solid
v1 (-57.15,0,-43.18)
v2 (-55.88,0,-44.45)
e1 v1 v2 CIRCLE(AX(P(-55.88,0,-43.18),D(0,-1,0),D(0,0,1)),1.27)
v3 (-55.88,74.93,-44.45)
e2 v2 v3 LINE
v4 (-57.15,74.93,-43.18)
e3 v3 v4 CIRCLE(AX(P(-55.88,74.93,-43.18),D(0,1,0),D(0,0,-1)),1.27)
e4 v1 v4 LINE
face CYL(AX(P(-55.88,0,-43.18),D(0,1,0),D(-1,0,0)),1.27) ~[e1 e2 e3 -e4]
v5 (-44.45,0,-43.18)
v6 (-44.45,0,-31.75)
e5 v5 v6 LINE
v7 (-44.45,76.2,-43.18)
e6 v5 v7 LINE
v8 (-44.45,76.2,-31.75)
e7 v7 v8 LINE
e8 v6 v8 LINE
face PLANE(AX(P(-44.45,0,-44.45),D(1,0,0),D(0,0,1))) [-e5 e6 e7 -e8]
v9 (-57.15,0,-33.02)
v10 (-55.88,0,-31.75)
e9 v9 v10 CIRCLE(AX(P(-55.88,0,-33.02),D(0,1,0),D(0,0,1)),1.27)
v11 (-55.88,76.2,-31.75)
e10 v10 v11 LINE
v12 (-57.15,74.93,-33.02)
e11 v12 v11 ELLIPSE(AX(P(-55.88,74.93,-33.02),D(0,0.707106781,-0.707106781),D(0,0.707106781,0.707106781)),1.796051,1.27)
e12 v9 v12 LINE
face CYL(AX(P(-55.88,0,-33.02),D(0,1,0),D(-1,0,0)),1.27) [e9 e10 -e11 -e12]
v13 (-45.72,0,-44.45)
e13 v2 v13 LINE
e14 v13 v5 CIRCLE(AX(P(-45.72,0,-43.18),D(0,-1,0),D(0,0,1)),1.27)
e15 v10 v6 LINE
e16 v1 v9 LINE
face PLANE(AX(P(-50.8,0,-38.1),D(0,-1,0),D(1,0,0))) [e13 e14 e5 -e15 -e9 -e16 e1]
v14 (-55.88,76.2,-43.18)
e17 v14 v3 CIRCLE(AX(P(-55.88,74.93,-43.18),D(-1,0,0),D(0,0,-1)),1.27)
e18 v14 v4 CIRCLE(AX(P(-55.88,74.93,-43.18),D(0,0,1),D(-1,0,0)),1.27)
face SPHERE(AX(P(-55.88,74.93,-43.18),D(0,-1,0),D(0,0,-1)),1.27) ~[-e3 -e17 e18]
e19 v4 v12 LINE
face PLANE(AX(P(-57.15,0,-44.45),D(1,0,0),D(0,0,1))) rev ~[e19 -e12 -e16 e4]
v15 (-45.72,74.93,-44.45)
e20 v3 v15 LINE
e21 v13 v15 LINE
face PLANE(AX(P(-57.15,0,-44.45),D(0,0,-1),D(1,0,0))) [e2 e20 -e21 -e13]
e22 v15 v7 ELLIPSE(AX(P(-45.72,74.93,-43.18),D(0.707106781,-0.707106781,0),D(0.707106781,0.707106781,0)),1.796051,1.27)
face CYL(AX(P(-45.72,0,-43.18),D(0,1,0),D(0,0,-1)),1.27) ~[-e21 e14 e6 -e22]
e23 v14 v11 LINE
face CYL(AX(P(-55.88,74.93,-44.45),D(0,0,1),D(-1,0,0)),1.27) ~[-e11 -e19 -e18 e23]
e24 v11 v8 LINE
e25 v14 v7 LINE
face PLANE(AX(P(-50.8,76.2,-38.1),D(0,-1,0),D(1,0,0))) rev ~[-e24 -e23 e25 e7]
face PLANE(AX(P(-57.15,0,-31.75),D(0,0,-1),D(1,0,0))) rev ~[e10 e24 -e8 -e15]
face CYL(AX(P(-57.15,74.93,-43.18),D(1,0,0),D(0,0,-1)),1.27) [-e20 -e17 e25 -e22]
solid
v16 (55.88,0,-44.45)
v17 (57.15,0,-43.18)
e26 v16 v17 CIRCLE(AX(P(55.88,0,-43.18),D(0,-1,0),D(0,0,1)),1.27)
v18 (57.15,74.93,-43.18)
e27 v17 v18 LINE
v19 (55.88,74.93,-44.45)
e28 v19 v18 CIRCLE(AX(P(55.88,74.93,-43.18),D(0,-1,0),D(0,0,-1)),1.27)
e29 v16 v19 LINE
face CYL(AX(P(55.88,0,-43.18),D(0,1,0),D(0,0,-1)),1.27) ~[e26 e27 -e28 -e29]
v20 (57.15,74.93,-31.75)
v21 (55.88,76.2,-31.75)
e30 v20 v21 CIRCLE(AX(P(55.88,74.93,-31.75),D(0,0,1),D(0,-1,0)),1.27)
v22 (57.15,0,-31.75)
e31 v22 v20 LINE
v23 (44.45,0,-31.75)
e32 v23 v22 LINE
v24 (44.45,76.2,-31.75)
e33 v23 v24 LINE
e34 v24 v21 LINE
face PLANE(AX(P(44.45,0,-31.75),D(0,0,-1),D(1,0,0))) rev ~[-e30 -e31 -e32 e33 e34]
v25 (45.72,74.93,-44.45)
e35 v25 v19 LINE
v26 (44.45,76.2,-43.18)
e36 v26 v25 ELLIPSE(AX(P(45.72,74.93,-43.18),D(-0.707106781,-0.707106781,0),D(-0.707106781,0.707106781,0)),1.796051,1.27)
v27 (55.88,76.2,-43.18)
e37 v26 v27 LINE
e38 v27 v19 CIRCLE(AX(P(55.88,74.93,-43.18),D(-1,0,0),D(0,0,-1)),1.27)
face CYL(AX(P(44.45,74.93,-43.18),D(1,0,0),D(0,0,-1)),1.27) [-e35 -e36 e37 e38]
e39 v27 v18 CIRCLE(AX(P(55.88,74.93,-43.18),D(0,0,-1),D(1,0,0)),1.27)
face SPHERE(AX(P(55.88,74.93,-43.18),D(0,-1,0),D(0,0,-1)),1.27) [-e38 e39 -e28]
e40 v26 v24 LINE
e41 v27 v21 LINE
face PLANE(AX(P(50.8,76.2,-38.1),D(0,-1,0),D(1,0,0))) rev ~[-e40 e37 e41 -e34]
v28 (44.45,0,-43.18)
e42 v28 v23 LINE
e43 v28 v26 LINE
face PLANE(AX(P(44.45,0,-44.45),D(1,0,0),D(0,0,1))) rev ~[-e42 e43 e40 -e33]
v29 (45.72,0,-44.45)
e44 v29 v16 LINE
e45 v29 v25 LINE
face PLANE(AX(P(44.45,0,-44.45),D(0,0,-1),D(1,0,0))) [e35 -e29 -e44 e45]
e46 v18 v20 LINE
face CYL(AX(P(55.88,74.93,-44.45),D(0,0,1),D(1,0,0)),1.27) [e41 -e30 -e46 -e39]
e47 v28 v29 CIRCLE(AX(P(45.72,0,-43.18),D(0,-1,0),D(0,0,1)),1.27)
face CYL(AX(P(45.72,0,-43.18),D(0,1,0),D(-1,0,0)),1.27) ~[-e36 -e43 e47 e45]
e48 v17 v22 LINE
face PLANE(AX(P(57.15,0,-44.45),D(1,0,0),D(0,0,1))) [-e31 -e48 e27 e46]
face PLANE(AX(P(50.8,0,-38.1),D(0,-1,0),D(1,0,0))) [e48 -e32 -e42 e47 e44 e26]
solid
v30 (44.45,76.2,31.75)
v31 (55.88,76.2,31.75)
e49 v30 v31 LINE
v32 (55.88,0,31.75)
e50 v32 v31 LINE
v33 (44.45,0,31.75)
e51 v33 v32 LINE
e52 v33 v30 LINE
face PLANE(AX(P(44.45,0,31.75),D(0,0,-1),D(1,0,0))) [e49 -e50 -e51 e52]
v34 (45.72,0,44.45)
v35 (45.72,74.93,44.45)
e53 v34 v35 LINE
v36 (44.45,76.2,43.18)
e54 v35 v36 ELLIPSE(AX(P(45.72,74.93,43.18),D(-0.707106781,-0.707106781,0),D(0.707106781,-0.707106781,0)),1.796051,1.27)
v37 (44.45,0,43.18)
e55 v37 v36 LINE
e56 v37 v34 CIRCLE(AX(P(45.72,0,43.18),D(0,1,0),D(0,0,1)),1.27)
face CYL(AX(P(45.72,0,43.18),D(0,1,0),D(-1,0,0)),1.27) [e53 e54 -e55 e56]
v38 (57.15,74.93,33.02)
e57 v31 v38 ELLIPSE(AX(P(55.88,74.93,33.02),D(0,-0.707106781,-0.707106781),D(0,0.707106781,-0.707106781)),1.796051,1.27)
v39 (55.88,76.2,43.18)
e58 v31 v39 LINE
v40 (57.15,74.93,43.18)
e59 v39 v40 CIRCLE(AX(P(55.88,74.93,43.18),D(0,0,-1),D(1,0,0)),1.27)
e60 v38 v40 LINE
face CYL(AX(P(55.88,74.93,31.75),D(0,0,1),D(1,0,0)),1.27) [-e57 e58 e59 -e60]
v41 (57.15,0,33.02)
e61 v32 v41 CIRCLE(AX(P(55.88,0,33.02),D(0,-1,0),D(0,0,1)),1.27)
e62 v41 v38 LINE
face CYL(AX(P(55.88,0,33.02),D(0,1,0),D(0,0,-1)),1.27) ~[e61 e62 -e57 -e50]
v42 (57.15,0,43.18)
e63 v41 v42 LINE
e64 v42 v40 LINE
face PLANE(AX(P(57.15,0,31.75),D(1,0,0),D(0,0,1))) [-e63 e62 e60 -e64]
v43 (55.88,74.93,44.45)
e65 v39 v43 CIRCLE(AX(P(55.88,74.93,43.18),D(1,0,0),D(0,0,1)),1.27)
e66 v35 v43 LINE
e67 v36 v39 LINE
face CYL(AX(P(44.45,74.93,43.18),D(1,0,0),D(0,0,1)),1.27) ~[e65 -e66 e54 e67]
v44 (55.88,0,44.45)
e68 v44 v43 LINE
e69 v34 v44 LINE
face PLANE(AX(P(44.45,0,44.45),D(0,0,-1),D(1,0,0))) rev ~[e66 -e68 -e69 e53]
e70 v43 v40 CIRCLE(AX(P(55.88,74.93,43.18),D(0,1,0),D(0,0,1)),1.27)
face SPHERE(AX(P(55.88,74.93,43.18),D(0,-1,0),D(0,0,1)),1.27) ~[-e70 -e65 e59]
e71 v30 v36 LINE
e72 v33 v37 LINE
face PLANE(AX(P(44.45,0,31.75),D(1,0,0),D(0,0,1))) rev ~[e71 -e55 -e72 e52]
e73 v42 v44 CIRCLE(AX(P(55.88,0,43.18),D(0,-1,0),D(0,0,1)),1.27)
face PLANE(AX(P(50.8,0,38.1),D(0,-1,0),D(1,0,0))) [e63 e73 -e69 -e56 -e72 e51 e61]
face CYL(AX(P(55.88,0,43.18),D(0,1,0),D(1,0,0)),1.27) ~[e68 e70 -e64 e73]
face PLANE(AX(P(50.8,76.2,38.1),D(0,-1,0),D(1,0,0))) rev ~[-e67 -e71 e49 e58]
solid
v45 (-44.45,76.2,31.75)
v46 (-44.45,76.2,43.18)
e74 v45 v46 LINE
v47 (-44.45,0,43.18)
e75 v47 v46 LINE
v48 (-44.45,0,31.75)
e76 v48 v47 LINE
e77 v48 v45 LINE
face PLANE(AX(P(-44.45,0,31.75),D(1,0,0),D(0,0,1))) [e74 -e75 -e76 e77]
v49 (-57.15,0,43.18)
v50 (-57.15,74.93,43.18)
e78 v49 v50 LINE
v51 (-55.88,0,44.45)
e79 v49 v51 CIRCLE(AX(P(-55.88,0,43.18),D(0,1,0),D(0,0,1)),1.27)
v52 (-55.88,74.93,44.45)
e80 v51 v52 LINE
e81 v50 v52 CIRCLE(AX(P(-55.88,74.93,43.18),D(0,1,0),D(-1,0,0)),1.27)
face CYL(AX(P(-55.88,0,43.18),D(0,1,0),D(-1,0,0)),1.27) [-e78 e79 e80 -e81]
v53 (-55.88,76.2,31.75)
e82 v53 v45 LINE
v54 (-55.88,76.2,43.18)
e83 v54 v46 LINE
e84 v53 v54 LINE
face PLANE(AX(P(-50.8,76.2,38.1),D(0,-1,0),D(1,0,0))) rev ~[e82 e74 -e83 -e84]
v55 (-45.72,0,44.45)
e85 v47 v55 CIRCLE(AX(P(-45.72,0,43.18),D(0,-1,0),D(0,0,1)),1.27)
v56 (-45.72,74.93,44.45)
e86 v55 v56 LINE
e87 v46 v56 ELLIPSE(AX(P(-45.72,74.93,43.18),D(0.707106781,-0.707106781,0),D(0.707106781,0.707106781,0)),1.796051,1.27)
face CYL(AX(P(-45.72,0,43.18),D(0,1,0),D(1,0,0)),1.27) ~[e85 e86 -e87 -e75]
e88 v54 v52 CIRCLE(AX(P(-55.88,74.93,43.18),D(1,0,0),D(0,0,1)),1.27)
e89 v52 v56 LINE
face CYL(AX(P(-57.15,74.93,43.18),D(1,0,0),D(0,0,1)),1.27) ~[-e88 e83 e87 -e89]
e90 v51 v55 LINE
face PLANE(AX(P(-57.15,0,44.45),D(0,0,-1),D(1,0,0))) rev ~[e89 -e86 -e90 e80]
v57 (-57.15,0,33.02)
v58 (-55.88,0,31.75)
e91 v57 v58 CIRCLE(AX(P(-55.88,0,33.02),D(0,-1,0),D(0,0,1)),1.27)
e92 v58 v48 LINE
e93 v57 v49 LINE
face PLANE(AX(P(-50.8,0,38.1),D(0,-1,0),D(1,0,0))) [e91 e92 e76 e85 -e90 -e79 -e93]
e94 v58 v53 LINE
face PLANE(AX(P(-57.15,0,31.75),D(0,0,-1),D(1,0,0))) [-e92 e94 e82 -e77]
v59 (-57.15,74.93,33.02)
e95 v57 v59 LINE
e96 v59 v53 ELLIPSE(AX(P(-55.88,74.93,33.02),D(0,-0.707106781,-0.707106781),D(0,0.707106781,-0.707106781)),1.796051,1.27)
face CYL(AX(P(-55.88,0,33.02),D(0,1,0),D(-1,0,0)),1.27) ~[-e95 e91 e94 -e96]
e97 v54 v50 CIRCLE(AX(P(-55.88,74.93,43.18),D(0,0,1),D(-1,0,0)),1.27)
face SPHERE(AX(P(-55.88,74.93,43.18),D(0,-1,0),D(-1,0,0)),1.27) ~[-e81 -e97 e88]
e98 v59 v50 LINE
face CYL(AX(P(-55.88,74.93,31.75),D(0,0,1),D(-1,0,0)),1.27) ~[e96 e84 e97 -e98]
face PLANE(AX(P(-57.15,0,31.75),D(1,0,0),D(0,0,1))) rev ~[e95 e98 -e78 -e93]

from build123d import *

# Parameters (mm, degrees)
F0_W     = 12.7
F0_H     = 12.7
F1_DEPTH = 76.2
F2_R     = 1.27


with BuildPart() as f1:
    # F0 (on Front) → F1 (new body)
    with BuildSketch(Plane.XZ):
        with Locations((-50.8, 38.1)):
            Rectangle(F0_W, F0_H)
        with Locations((-50.8, -38.1)):
            Rectangle(F0_W, F0_H)
        with Locations((50.8, -38.1)):
            Rectangle(F0_W, F0_H)
        with Locations((50.8, 38.1)):
            Rectangle(F0_W, F0_H)
    extrude(amount=-F1_DEPTH)

    # F2
    f2_edges = [f1.edges().sort_by_distance(p)[0] for p in [
        (-57.15, 38.1, 44.45),
        (-44.45, 38.1, 44.45),
        (57.15, 38.1, 44.45),
        (57.15, 38.1, -44.45),
        (57.15, 38.1, 31.75),
        (44.45, 38.1, -44.45),
        (-57.15, 38.1, -44.45),
        (-57.15, 38.1, 31.75),
        (-50.8, 76.2, -44.45),
        (-57.15, 76.2, 38.1),
        (50.8, 76.2, -44.45),
        (-50.8, 76.2, 44.45),
        (50.8, 76.2, 44.45),
        (44.45, 38.1, 44.45),
        (57.15, 76.2, 38.1),
        (57.15, 76.2, -38.1),
        (-57.15, 76.2, -38.1),
        (-57.15, 38.1, -31.75),
        (-44.45, 38.1, -44.45),
    ]]
    fillet(f2_edges, radius=F2_R)


solid = f1.part
